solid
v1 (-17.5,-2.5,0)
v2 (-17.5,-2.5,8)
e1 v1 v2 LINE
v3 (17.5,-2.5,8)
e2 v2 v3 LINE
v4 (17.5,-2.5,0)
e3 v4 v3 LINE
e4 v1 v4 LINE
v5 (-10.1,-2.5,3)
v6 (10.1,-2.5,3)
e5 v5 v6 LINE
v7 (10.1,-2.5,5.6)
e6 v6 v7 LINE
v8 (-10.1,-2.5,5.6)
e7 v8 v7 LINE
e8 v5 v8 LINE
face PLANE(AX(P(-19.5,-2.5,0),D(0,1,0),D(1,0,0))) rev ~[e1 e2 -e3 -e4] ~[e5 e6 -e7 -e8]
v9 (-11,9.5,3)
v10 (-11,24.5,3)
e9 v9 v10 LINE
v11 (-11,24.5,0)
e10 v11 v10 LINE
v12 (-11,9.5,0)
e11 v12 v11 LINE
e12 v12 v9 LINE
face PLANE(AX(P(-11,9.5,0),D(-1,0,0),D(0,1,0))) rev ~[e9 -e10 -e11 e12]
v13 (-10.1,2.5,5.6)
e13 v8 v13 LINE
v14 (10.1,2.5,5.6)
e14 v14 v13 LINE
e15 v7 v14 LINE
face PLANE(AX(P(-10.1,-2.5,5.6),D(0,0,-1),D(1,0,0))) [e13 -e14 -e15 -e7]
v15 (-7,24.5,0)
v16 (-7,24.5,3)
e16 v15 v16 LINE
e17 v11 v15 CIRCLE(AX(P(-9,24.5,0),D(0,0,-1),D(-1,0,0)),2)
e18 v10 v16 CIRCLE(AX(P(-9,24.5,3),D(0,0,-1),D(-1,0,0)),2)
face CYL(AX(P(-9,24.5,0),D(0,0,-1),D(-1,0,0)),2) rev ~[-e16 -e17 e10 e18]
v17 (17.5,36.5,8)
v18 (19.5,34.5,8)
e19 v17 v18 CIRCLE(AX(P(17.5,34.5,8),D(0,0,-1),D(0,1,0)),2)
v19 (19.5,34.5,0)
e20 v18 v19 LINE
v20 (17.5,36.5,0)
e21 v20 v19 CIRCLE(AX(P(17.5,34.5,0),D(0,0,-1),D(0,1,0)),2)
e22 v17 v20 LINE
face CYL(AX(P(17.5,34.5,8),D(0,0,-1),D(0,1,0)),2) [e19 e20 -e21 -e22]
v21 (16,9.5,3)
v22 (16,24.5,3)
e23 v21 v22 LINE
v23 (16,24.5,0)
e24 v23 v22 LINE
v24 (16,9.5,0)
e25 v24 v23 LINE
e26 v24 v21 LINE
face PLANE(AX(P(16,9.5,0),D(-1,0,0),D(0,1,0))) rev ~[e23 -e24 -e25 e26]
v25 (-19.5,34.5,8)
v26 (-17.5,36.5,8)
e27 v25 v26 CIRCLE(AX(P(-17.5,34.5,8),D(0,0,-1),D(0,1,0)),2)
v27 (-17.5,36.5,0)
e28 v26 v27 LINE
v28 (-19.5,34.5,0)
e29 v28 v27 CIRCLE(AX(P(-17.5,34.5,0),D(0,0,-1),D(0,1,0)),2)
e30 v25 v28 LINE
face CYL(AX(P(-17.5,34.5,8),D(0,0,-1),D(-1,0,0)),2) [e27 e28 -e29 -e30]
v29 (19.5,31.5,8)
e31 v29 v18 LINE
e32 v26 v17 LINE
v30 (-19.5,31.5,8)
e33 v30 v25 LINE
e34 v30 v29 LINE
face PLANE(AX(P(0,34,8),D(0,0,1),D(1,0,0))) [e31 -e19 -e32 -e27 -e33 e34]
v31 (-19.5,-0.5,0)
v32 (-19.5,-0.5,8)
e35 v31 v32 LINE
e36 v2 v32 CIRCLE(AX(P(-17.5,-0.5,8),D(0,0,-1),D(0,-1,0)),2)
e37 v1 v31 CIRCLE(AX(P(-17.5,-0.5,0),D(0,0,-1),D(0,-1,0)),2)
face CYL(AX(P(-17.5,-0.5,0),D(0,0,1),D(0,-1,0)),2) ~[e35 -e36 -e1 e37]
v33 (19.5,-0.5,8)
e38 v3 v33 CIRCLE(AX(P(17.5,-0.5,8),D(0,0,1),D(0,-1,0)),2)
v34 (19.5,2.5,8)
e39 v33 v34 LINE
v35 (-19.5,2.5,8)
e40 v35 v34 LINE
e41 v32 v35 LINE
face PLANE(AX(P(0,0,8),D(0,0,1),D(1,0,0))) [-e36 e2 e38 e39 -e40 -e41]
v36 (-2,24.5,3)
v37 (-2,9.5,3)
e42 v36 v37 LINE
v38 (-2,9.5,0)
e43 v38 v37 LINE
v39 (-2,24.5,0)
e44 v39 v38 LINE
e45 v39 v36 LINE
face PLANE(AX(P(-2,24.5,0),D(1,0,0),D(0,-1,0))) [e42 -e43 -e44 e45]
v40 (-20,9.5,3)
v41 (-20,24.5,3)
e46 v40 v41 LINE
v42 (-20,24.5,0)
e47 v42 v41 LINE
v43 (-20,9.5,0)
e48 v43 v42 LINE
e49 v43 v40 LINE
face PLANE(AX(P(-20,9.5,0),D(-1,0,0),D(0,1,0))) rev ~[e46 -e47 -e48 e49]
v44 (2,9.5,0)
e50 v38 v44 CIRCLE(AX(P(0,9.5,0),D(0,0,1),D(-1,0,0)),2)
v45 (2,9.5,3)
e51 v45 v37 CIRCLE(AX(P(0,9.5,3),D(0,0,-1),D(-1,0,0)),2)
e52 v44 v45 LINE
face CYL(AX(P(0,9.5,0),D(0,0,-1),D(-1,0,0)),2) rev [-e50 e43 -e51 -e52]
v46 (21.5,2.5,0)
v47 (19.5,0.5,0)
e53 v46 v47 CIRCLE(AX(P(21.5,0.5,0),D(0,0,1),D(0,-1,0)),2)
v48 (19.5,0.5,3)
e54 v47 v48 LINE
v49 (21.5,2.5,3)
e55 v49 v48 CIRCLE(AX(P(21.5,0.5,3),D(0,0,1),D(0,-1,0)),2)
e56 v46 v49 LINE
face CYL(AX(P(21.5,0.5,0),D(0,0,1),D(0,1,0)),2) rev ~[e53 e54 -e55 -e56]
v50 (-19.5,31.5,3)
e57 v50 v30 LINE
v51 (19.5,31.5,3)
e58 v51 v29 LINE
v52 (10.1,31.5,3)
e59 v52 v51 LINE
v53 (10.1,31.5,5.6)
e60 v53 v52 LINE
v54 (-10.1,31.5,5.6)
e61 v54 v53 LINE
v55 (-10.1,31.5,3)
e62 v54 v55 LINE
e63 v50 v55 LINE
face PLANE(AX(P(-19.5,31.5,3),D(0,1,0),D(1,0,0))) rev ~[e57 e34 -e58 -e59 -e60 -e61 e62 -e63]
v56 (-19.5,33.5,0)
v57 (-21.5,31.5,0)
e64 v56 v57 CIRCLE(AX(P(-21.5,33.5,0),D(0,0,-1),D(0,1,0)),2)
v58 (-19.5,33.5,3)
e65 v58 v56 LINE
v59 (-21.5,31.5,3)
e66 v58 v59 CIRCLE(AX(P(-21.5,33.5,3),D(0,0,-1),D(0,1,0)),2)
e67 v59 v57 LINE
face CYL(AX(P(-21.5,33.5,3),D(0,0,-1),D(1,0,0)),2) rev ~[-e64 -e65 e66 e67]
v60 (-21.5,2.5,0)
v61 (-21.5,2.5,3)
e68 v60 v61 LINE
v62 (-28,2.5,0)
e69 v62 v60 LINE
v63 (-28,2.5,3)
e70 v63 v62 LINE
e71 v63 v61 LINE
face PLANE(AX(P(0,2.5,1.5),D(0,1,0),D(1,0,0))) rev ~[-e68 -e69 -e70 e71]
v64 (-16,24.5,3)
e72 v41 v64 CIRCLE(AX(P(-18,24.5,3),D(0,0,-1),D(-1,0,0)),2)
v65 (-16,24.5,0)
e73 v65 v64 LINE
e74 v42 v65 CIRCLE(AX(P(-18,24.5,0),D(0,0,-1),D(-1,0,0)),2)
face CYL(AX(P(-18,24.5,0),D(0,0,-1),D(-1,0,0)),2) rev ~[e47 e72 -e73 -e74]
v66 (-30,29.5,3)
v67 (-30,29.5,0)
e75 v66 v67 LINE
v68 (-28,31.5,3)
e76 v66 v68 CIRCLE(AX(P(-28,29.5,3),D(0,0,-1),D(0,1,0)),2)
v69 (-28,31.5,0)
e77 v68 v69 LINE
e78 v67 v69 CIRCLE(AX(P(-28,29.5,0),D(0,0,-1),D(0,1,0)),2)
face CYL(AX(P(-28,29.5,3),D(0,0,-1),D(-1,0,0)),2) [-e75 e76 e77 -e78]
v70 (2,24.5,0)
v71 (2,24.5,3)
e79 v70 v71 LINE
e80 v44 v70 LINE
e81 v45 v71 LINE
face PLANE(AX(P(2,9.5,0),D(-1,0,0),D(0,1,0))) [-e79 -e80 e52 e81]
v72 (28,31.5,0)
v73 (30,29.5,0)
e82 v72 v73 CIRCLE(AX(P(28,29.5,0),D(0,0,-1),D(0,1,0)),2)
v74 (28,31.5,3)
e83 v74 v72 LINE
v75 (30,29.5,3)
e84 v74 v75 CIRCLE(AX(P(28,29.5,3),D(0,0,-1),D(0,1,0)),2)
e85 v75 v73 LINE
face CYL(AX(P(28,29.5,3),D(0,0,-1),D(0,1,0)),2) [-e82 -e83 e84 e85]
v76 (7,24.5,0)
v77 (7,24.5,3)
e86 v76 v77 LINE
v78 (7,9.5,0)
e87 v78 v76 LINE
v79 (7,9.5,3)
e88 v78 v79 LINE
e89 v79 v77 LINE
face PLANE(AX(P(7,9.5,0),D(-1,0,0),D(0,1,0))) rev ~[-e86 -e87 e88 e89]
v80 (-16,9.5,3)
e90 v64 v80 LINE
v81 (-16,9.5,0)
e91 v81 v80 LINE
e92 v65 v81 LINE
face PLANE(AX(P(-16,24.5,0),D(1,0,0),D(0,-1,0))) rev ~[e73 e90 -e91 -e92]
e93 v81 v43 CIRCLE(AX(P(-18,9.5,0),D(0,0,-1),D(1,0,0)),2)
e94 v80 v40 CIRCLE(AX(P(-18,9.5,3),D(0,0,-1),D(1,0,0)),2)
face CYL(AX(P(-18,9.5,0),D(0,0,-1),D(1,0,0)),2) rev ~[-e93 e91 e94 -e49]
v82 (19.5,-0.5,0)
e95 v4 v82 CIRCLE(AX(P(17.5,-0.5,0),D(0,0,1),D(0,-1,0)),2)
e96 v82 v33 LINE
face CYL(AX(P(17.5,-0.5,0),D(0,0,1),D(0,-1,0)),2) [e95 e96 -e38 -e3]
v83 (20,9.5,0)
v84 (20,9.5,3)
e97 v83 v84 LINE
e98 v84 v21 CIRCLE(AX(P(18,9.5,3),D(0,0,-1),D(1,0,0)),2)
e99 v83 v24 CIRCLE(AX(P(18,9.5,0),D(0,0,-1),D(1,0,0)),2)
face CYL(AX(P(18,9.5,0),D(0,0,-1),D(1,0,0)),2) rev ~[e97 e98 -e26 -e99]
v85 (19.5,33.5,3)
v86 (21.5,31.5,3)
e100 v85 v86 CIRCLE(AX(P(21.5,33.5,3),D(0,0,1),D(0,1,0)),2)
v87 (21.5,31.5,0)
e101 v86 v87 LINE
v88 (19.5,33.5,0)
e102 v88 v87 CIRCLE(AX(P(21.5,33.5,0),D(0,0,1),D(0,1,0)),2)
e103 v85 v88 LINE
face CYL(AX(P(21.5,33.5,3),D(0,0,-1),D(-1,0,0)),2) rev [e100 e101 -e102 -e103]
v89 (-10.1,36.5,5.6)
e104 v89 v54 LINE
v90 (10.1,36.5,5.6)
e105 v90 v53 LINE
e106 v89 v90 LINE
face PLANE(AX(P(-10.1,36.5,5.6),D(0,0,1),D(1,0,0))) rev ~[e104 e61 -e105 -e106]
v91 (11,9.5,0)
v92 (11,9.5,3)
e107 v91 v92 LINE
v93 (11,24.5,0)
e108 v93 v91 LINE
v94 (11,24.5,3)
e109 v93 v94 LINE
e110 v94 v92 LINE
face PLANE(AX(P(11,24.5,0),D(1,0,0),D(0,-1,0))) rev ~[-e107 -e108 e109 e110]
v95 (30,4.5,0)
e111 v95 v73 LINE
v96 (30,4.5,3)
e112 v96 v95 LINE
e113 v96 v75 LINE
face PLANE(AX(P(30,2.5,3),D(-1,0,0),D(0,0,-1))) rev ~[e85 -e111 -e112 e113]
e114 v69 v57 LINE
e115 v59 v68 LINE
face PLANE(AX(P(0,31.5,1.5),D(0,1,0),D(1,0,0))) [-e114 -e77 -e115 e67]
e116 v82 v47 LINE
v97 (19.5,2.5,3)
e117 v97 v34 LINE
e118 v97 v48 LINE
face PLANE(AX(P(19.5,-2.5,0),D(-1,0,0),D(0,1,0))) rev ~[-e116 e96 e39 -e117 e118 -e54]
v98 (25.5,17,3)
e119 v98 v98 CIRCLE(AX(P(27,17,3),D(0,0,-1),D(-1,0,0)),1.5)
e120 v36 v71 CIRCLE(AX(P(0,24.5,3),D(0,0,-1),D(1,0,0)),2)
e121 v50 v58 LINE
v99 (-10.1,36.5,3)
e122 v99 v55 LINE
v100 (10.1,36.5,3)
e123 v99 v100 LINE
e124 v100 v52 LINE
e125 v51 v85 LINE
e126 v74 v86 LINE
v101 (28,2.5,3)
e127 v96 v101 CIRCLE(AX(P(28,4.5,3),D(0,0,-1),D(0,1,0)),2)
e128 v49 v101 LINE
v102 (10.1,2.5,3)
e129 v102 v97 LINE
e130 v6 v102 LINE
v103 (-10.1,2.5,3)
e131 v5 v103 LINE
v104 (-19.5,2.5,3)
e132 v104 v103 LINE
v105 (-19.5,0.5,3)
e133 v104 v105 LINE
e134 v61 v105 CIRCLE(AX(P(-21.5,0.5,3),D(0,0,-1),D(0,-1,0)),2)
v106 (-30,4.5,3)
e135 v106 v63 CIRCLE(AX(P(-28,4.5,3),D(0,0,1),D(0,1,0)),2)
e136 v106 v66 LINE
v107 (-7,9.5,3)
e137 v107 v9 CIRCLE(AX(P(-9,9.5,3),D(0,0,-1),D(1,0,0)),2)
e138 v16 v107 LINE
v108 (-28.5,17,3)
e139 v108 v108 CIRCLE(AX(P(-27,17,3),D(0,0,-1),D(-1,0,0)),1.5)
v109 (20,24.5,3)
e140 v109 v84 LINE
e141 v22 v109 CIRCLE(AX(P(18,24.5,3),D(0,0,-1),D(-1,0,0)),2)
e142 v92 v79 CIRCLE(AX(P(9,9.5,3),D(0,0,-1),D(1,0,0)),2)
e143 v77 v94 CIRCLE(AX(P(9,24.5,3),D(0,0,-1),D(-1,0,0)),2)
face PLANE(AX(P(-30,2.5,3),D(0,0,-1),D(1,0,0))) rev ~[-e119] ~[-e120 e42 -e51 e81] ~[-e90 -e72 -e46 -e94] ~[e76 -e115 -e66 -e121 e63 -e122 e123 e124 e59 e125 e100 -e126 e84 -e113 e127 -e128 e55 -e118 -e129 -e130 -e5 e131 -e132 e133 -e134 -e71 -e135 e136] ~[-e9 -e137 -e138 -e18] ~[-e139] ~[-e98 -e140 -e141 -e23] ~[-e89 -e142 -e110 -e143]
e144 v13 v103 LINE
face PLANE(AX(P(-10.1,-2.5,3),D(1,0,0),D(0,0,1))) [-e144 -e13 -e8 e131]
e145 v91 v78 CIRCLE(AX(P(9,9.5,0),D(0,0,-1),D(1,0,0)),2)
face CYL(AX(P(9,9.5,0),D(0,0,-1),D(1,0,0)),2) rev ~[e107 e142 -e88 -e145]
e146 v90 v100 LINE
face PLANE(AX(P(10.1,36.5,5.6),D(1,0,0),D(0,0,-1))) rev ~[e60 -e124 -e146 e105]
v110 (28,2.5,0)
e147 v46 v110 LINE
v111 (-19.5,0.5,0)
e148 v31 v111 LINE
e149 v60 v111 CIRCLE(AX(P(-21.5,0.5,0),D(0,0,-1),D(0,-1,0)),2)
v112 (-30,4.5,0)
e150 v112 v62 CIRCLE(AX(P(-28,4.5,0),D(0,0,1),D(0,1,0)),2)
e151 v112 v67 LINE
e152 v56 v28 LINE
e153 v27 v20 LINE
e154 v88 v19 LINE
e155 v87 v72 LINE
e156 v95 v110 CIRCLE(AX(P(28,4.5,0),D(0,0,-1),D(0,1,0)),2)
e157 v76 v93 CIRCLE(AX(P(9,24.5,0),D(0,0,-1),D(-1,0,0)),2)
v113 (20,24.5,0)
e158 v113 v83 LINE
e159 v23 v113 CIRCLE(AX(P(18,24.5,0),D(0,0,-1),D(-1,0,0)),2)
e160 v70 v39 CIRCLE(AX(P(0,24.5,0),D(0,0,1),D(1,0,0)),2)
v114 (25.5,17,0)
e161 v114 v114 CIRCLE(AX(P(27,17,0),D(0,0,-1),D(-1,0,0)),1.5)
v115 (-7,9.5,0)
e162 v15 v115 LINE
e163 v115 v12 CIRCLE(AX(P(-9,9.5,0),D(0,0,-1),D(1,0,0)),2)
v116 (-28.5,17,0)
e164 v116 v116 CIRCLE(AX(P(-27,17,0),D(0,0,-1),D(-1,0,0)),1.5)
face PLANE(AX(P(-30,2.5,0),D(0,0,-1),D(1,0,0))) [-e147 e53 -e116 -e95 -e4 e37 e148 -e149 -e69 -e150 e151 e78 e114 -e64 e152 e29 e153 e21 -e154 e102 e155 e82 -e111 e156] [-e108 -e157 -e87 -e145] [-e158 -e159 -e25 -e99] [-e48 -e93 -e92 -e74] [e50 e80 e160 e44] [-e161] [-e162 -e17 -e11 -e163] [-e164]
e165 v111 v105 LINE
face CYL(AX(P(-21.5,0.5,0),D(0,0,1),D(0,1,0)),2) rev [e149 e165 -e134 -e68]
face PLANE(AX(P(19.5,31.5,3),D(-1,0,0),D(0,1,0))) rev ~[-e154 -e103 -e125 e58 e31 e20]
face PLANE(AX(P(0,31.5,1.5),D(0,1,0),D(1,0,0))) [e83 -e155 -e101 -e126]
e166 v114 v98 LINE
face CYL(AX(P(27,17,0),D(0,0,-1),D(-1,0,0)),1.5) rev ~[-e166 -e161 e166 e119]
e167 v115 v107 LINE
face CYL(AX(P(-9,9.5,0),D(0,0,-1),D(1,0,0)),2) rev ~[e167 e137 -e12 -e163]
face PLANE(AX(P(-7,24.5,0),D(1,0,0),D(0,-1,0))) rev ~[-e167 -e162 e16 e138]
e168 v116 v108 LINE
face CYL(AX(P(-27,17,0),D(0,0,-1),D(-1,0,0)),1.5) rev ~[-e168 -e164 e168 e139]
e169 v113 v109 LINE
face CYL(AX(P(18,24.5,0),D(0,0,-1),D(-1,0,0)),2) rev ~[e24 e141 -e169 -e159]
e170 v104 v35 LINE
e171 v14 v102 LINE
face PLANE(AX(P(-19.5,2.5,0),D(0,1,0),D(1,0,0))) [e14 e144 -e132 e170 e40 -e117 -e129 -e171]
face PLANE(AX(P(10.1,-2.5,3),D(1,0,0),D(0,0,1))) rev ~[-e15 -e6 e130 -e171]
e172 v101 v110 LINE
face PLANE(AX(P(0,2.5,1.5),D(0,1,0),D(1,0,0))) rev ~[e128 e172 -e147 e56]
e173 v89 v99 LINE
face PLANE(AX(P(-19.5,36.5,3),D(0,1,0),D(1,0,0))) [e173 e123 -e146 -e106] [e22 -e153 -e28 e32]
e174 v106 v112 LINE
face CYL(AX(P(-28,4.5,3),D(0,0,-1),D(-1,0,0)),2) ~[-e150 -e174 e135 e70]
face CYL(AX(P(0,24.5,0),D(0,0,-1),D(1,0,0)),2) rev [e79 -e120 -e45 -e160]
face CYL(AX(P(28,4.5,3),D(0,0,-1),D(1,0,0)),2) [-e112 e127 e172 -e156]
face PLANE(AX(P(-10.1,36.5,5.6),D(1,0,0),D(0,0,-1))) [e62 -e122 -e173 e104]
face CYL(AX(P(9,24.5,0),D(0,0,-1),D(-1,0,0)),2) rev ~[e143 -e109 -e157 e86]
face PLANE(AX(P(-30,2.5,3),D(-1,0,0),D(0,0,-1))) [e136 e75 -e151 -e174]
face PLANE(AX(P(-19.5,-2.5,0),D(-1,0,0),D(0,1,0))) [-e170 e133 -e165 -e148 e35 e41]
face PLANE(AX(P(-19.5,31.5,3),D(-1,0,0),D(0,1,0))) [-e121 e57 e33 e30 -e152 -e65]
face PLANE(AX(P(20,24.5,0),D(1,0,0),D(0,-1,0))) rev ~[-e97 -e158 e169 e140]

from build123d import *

# Parameters (mm, degrees)
SKETCH_2_W          = 39
SKETCH_2_H          = 5
EXTRUDE_1_DEPTH     = 8
SKETCH_3_W          = 60
SKETCH_3_H          = 3
EXTRUDE_2_DEPTH     = 29
SKETCH_4_W          = 20.2
SKETCH_4_H          = 2.6
CUT_EXTRUDE_1_DEPTH = 47.043457733
SKETCH_5_R          = 1.5
CUT_EXTRUDE_2_DEPTH = 10
FILLET_1_R          = 2
FILLET_2_R          = 2
SKETCH_6_W          = 39
SKETCH_6_H          = 3
EXTRUDE_3_DEPTH     = 5
SKETCH_7_W          = 39
SKETCH_7_H          = 5
EXTRUDE_4_DEPTH     = 5
SKETCH_8_W          = 20.2
SKETCH_8_H          = 2.6
CUT_EXTRUDE_3_DEPTH = 5
FILLET_3_R          = 2
CUT_EXTRUDE_4_DEPTH = 5


with BuildPart() as part:
    # 草图2 → 凸台-拉伸1 (new body)
    with BuildSketch(Plane.XY):
        Rectangle(SKETCH_2_W, SKETCH_2_H)
    extrude(amount=EXTRUDE_1_DEPTH)

    # 草图3 → 凸台-拉伸2 (add)
    with BuildSketch(Plane(origin=(0, 2.5, 0), x_dir=(1, 0, 0), z_dir=(0, 1, 0))):
        with Locations((0, -1.5)):
            Rectangle(SKETCH_3_W, SKETCH_3_H)
    extrude(amount=EXTRUDE_2_DEPTH)

    # 草图4 → 切除-拉伸1 (cut, through all)
    with BuildSketch(Plane.XZ.offset(2.5)):
        with Locations((0, 4.3)):
            Rectangle(SKETCH_4_W, SKETCH_4_H)
    extrude(amount=-CUT_EXTRUDE_1_DEPTH, mode=Mode.SUBTRACT)

    # 草图5 → 切除-拉伸2 (cut)
    with BuildSketch(Plane(origin=(0, 0, 0), x_dir=(-1, 0, 0), z_dir=(0, 0, -1))):
        with Locations((-27, 17)):
            Circle(SKETCH_5_R)
        with Locations((27, 17)):
            Circle(SKETCH_5_R)
    extrude(amount=-CUT_EXTRUDE_2_DEPTH, mode=Mode.SUBTRACT)

    # 圆角1
    fillet_1_edges = [part.edges().sort_by_distance(p)[0] for p in [
        (-30, 2.5, 1.5),
        (30, 2.5, 1.5),
        (-30, 31.5, 1.5),
        (30, 31.5, 1.5),
        (19.5, -2.5, 4),
        (-19.5, -2.5, 4),
    ]]
    fillet(fillet_1_edges, radius=FILLET_1_R)

    # 圆角2
    fillet_2_edges = [part.edges().sort_by_distance(p)[0] for p in [
        (-19.5, 2.5, 1.5),
        (19.5, 2.5, 1.5),
    ]]
    fillet(fillet_2_edges, radius=FILLET_2_R)

    # 草图6 → 凸台-拉伸3 (add)
    with BuildSketch(Plane(origin=(0, 31.5, 0), x_dir=(1, 0, 0), z_dir=(0, 1, 0))):
        with Locations((0, -1.5)):
            Rectangle(SKETCH_6_W, SKETCH_6_H)
    extrude(amount=EXTRUDE_3_DEPTH)

    # 草图7 → 凸台-拉伸4 (add)
    with BuildSketch(Plane.XY.offset(3)):
        with Locations((0, 34)):
            Rectangle(SKETCH_7_W, SKETCH_7_H)
    extrude(amount=EXTRUDE_4_DEPTH)

    # 草图8 → 切除-拉伸3 (cut)
    with BuildSketch(Plane(origin=(0, 36.5, 0), x_dir=(1, 0, 0), z_dir=(0, 1, 0))):
        with Locations((0, -4.3)):
            Rectangle(SKETCH_8_W, SKETCH_8_H)
    extrude(amount=-CUT_EXTRUDE_3_DEPTH, mode=Mode.SUBTRACT)

    # 圆角3
    fillet_3_edges = [part.edges().sort_by_distance(p)[0] for p in [
        (-19.5, 31.5, 1.5),
        (19.5, 31.5, 1.5),
        (-19.5, 36.5, 4),
        (19.5, 36.5, 4),
    ]]
    fillet(fillet_3_edges, radius=FILLET_3_R)

    # 草图9 → 切除-拉伸4 (cut)
    with BuildSketch(Plane(origin=(0, 0, 0), x_dir=(-1, 0, 0), z_dir=(0, 0, -1))):
        with BuildLine():
            Line((2, 24.5), (2, 9.5))
            ThreePointArc((2, 9.5), (0, 7.5), (-2, 9.5))
            Line((-2, 9.5), (-2, 24.5))
            ThreePointArc((-2, 24.5), (0, 26.5), (2, 24.5))
        make_face()
        with BuildLine():
            Line((7, 24.5), (7, 9.5))
            ThreePointArc((7, 9.5), (9, 7.5), (11, 9.5))
            Line((11, 9.5), (11, 24.5))
            ThreePointArc((11, 24.5), (9, 26.5), (7, 24.5))
        make_face()
        with BuildLine():
            Line((16, 24.5), (16, 9.5))
            ThreePointArc((16, 9.5), (18, 7.5), (20, 9.5))
            Line((20, 9.5), (20, 24.5))
            ThreePointArc((20, 24.5), (18, 26.5), (16, 24.5))
        make_face()
        with BuildLine():
            Line((-11, 24.5), (-11, 9.5))
            ThreePointArc((-11, 9.5), (-9, 7.5), (-7, 9.5))
            Line((-7, 9.5), (-7, 24.5))
            ThreePointArc((-7, 24.5), (-9, 26.5), (-11, 24.5))
        make_face()
        with BuildLine():
            Line((-20, 24.5), (-20, 9.5))
            ThreePointArc((-20, 9.5), (-18, 7.5), (-16, 9.5))
            Line((-16, 9.5), (-16, 24.5))
            ThreePointArc((-16, 24.5), (-18, 26.5), (-20, 24.5))
        make_face()
    extrude(amount=-CUT_EXTRUDE_4_DEPTH, mode=Mode.SUBTRACT)


solid = part.part
